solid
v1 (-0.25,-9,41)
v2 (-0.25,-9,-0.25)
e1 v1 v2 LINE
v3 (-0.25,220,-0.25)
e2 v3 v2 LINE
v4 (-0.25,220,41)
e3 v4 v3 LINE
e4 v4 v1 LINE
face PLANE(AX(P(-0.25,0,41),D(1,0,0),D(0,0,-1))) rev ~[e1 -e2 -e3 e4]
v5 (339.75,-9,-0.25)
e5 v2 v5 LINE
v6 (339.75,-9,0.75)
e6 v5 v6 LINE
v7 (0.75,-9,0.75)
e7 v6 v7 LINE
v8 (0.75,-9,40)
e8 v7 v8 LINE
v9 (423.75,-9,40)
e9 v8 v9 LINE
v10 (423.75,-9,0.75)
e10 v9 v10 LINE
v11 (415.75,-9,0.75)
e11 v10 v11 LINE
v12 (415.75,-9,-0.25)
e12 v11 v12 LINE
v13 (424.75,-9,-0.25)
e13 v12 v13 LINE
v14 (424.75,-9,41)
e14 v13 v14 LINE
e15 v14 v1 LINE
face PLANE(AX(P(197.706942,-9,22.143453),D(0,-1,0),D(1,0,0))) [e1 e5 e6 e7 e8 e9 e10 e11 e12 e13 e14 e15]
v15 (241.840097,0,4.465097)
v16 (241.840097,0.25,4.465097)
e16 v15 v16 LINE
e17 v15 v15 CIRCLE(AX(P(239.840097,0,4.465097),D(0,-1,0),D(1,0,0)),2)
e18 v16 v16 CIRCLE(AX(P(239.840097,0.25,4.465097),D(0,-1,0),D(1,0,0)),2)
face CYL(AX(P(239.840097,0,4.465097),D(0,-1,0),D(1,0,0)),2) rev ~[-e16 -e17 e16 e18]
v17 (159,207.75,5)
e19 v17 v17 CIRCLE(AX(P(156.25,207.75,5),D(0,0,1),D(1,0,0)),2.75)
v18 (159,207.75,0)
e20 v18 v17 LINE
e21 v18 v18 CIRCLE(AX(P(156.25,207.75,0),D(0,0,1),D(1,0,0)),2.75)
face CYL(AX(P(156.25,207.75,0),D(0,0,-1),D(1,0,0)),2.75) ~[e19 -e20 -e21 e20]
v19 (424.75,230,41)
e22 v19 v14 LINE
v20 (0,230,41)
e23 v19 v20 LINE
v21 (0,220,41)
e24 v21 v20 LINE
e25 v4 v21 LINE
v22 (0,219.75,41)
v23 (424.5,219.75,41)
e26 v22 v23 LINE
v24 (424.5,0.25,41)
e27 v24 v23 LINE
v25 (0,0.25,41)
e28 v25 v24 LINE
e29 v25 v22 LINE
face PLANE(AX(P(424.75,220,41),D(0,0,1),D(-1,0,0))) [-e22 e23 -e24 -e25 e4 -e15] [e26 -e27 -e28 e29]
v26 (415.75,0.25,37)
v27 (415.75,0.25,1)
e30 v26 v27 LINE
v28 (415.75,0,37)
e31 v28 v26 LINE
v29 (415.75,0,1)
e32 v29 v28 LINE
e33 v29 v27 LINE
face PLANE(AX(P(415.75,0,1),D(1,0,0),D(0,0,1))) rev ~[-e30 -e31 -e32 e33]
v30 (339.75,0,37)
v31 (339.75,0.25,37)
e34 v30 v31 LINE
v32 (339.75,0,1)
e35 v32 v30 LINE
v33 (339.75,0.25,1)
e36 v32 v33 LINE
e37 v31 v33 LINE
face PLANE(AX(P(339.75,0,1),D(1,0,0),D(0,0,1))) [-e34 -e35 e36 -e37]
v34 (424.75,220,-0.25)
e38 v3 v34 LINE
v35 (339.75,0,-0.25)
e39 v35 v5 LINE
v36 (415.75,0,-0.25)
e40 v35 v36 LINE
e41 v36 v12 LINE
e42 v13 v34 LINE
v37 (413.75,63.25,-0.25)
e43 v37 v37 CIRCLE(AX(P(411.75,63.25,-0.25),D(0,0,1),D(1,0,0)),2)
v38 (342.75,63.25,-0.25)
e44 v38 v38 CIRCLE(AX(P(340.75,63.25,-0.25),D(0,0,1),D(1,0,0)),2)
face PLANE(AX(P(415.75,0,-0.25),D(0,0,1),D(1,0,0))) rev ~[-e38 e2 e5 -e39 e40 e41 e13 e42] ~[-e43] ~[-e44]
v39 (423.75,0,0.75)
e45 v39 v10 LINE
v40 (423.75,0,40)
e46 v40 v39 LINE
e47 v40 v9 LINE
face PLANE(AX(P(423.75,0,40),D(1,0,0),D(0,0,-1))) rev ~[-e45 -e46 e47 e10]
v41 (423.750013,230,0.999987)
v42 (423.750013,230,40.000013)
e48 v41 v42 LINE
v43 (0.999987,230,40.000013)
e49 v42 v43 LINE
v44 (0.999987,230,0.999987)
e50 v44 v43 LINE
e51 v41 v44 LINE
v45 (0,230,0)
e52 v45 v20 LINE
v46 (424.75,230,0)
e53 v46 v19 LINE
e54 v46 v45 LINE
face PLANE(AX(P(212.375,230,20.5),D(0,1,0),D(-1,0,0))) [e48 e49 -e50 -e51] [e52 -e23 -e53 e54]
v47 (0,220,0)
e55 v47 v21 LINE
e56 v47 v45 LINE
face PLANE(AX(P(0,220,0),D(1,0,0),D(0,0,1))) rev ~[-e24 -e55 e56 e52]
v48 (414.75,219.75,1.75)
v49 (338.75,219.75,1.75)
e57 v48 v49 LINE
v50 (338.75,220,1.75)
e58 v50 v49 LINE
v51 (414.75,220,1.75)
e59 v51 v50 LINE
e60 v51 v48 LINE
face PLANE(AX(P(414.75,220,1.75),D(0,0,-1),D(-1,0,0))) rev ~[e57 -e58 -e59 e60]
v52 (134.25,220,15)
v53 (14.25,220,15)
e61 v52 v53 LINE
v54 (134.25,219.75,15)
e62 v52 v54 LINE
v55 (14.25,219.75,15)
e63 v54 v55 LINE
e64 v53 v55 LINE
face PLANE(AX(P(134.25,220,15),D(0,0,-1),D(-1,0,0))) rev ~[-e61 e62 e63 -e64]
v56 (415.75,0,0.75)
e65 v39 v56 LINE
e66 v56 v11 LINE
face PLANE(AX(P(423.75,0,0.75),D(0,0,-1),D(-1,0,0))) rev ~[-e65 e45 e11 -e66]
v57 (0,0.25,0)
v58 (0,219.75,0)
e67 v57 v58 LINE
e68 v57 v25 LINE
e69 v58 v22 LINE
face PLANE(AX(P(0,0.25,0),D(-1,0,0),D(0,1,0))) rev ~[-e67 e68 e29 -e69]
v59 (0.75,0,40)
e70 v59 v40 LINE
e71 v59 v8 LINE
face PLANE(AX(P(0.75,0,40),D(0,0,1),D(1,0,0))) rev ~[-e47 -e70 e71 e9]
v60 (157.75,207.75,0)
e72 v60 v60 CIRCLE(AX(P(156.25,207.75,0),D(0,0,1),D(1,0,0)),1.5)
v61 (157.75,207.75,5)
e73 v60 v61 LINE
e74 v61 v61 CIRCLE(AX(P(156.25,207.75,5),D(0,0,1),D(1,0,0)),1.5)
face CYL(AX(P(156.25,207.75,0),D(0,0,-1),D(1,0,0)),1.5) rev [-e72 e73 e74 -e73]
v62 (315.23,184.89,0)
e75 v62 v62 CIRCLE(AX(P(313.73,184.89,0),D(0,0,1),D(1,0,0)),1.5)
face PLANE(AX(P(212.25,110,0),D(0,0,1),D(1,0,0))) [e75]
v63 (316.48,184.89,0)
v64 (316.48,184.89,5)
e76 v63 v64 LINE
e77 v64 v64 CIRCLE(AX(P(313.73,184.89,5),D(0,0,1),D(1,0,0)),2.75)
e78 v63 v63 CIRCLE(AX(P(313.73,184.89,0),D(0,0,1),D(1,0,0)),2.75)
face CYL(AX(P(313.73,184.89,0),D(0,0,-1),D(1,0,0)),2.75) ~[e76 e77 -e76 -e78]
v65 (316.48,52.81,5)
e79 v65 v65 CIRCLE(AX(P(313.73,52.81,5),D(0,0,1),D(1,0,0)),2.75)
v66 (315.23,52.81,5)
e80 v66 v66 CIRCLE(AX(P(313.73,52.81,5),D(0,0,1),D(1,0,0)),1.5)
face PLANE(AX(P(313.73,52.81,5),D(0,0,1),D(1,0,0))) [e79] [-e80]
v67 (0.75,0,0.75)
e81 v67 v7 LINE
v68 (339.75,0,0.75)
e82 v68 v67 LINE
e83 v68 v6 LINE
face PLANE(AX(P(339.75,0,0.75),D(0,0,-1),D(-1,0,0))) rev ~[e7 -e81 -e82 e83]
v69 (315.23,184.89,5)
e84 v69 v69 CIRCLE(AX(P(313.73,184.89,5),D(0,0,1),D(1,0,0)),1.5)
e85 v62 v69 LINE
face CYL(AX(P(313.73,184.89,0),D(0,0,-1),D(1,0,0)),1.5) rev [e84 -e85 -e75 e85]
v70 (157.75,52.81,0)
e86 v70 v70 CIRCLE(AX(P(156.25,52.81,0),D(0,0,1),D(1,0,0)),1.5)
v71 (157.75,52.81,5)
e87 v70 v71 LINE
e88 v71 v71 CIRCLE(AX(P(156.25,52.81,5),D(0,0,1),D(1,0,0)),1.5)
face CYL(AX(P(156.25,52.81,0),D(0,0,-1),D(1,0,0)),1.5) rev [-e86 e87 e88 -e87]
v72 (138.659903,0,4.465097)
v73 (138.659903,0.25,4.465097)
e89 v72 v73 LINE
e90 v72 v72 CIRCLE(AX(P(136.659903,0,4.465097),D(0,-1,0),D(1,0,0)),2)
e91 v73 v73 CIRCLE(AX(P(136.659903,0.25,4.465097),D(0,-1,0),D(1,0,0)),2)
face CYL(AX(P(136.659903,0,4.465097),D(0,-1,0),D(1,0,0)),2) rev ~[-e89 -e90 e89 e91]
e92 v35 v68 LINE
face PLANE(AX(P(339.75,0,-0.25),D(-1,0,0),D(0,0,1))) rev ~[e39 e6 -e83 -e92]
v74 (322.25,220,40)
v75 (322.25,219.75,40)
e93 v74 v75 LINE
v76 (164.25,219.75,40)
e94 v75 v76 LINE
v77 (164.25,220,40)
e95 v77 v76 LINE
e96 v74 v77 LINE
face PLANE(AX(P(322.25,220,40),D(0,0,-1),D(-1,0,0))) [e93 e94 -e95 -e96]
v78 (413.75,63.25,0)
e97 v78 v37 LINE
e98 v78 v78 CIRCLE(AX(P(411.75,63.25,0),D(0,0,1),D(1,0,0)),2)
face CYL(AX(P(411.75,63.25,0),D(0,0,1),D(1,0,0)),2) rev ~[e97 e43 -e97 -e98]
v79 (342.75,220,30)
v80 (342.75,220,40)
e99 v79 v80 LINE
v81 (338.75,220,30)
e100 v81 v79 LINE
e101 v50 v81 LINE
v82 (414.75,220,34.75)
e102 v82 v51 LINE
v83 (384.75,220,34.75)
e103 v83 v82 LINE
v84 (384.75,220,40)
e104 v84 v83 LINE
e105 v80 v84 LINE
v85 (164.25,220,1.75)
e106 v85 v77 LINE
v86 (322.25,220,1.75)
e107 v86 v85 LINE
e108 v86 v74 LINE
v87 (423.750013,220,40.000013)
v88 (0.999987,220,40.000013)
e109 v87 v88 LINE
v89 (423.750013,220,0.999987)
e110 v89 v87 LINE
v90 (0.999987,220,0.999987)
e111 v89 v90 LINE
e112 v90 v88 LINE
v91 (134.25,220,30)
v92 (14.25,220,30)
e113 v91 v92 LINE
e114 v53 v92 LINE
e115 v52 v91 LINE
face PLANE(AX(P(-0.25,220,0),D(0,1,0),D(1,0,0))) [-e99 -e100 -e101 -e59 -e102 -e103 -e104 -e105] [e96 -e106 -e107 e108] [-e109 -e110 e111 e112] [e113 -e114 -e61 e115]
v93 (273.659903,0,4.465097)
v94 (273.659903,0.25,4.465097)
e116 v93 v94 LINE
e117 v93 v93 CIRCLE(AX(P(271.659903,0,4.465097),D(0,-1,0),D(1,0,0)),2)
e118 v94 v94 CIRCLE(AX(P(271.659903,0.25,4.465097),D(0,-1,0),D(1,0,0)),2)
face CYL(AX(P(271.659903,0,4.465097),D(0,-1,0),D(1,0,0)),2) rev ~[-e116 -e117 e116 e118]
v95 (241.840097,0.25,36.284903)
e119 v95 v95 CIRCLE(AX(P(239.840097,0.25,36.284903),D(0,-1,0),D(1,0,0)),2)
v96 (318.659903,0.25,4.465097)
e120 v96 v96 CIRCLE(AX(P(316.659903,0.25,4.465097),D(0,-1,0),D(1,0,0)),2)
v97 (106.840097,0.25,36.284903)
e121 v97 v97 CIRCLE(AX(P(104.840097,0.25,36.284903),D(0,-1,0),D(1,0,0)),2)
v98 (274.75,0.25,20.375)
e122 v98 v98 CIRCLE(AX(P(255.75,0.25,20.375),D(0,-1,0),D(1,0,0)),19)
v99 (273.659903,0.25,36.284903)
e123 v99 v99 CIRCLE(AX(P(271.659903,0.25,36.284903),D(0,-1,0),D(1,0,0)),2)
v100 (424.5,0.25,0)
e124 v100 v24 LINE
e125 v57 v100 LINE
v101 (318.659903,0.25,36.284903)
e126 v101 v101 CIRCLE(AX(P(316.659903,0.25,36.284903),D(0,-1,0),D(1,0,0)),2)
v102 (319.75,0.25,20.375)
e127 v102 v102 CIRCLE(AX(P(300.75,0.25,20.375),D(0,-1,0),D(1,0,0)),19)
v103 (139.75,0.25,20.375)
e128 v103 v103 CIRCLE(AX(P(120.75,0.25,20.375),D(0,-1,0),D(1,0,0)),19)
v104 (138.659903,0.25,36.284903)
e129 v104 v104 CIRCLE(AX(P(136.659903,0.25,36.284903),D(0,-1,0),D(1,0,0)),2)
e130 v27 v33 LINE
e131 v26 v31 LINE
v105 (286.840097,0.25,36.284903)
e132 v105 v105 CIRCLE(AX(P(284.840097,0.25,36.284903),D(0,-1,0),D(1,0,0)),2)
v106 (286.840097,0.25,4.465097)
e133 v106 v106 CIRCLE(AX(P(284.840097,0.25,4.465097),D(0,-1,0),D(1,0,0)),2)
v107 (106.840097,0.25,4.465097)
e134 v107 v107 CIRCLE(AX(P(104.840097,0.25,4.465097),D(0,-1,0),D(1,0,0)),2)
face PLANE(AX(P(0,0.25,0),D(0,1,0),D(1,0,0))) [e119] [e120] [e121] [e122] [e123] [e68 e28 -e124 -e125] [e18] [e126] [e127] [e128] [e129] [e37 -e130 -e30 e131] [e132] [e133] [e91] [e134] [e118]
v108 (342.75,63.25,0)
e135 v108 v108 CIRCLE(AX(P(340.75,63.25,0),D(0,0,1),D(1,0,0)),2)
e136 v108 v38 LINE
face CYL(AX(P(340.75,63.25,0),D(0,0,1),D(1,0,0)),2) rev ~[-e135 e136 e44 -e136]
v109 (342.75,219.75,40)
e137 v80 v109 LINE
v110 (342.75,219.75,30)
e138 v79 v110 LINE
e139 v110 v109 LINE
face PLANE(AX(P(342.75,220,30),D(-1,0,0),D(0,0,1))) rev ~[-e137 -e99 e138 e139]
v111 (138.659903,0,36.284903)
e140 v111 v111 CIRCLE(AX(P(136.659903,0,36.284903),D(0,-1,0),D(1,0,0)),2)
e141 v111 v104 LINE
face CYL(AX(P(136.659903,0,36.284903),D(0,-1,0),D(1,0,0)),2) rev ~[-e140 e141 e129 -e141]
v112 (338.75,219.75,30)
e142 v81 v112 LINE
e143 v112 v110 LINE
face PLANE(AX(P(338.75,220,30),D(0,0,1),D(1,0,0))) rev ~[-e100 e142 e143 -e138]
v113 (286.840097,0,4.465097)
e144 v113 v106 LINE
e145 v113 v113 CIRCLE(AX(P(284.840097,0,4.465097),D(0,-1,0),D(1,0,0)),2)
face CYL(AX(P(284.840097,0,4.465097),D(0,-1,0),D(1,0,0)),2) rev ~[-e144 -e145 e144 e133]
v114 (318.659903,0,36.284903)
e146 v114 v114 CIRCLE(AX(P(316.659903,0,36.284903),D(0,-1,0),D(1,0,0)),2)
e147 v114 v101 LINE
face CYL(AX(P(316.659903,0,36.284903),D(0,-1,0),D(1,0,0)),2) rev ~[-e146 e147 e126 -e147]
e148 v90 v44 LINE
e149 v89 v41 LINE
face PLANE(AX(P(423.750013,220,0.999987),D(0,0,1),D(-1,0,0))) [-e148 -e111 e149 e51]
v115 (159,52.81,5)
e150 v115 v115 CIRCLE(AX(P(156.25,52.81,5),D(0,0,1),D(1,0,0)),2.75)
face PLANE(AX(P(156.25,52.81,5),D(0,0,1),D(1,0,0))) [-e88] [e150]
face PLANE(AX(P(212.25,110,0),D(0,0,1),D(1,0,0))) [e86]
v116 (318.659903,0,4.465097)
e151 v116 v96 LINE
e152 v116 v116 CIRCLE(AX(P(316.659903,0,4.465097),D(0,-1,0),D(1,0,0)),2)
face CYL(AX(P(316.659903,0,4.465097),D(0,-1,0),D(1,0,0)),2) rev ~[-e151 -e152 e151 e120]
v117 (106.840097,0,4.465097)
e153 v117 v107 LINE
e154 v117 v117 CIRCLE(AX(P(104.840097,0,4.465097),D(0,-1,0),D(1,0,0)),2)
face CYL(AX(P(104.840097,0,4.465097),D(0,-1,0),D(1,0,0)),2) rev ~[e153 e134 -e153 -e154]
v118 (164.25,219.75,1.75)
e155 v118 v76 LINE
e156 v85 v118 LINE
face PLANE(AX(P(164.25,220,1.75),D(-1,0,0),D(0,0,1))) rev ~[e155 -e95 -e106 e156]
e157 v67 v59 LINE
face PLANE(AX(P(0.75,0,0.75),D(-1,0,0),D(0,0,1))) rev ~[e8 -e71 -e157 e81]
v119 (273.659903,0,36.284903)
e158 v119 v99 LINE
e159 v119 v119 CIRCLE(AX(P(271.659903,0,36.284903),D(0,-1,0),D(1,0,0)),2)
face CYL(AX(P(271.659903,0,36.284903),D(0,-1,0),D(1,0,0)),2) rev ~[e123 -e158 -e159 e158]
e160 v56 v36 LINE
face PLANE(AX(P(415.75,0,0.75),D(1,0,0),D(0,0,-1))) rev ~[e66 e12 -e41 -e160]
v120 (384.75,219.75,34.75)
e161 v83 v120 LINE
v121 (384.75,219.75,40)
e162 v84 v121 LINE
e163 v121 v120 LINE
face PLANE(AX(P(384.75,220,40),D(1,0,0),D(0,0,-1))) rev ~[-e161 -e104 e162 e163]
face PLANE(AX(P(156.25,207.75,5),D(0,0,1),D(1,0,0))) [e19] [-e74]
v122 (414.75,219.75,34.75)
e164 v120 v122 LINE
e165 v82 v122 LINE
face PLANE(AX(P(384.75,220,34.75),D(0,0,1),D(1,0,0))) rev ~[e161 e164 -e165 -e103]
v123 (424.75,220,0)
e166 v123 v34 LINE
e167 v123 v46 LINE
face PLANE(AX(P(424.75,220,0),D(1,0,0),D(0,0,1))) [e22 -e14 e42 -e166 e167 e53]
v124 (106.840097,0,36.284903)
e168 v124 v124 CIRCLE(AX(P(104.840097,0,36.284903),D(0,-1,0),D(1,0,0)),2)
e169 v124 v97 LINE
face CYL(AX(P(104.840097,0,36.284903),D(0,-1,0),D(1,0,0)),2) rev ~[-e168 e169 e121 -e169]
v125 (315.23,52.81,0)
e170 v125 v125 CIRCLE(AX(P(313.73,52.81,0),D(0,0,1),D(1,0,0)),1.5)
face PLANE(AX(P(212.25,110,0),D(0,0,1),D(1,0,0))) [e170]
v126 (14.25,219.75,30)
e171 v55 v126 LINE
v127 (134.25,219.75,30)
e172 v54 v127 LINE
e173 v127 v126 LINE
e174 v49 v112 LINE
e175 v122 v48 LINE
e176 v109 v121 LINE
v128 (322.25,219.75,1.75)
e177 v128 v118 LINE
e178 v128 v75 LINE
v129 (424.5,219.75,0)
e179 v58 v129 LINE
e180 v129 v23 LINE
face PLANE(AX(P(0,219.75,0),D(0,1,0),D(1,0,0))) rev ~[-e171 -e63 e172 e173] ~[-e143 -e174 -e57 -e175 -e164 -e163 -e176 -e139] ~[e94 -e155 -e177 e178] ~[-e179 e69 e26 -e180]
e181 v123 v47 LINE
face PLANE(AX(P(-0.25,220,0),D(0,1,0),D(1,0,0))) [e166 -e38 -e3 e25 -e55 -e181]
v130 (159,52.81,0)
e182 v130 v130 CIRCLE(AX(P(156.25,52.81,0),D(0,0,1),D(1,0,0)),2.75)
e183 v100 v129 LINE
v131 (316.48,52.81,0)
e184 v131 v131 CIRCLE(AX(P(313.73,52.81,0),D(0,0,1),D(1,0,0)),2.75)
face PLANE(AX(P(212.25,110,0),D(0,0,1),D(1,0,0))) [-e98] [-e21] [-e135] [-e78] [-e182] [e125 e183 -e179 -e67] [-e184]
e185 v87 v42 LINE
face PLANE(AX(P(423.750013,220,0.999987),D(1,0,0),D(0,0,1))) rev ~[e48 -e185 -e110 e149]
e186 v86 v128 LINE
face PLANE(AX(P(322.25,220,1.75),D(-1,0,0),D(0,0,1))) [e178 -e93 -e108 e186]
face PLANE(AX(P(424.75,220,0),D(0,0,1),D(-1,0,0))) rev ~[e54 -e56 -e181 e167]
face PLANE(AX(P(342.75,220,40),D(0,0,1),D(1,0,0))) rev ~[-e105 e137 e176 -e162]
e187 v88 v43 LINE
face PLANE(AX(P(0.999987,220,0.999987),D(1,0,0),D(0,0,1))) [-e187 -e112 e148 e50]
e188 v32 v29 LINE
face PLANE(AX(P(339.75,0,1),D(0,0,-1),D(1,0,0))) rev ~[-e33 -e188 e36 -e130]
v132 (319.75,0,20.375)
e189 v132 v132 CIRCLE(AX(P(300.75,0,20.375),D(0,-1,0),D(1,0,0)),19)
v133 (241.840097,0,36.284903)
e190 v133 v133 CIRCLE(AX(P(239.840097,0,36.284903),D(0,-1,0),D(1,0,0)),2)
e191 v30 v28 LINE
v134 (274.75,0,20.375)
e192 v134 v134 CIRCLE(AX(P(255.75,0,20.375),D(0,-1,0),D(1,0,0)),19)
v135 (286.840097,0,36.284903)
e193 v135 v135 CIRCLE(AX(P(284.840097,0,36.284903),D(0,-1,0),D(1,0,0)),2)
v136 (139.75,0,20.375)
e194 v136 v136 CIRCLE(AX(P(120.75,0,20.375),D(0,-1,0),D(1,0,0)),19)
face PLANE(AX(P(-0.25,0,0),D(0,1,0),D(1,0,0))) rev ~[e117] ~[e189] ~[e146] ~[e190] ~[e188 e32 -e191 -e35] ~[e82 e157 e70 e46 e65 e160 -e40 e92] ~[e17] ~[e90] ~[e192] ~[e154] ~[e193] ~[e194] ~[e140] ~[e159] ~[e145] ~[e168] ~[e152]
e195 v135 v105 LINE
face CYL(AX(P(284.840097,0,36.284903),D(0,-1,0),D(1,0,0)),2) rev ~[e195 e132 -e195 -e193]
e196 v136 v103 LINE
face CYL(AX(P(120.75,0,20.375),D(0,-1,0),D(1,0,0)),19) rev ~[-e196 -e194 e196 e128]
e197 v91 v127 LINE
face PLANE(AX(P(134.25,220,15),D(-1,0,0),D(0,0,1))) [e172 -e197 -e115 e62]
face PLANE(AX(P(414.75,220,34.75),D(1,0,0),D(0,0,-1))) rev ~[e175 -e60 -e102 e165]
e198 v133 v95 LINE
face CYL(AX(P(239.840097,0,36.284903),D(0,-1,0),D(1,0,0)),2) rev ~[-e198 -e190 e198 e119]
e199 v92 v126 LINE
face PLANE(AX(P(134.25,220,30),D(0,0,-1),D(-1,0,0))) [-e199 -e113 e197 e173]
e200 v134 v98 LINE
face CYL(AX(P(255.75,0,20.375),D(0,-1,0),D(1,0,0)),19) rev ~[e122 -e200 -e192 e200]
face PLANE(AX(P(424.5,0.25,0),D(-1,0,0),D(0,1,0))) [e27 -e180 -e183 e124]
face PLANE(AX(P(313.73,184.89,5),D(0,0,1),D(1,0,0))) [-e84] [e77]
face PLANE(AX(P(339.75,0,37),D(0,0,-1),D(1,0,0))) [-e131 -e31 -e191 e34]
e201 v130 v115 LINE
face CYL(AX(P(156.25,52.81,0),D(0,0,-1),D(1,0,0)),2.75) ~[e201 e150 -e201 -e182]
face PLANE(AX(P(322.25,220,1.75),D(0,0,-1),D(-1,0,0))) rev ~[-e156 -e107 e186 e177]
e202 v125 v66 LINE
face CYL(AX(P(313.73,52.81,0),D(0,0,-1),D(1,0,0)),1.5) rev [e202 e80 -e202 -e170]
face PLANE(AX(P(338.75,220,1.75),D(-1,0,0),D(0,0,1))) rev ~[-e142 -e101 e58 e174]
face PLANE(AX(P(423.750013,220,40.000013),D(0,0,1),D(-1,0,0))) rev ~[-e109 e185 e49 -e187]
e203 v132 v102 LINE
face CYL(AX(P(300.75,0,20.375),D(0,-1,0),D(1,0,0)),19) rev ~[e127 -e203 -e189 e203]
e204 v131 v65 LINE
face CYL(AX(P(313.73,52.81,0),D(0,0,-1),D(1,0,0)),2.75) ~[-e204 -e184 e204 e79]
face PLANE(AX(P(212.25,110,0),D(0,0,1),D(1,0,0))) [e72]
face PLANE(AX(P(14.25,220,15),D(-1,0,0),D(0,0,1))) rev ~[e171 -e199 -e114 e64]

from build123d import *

# Parameters (mm, degrees)
F0_W      = 425
F0_H      = 220
F0_W_2    = 424.5
F0_H_2    = 219.5
F1_DEPTH  = 0.25
F2_DEPTH  = 41
F3_R      = 19
F3_W      = 76
F3_H      = 36
F3_R_2    = 2
F5_DEPTH  = 1
F4_W      = 158
F4_H      = 38.25
F4_W_2    = 120
F4_H_2    = 15
F6_DEPTH  = 1
F8_DEPTH  = 9
F9_R      = 2.75
F9_R_2    = 1.5
F10_DEPTH = 5
F11_W     = 424.75
F11_H     = 41
F11_W_2   = 422.750026226
F11_H_2   = 39.000026226
F12_DEPTH = 10
F13_R     = 2
F14_DEPTH = 0.25


with BuildPart() as f1:
    # F0 (on Top) → F1 (new body)
    with BuildSketch(Plane.XY):
        with Locations((212.25, 110)):
            Rectangle(F0_W, F0_H)
        with Locations((212.25, 110)):
            Rectangle(F0_W_2, F0_H_2, mode=Mode.SUBTRACT)
        with Locations((212.25, 110)):
            Rectangle(F0_W_2, F0_H_2)
    extrude(amount=-F1_DEPTH)

    # F0 (on Top) → F2 (join)
    with BuildSketch(Plane.XY):
        with Locations((212.25, 110)):
            Rectangle(F0_W, F0_H)
        with Locations((212.25, 110)):
            Rectangle(F0_W_2, F0_H_2, mode=Mode.SUBTRACT)
    extrude(amount=F2_DEPTH)

    # F3 (on face) → F5 (cut)
    with BuildSketch(Plane.XZ):
        with Locations((120.75, 20.375)):
            Circle(F3_R)
        with Locations((255.75, 20.375)):
            Circle(F3_R)
        with Locations((300.75, 20.375)):
            Circle(F3_R)
        with Locations((377.75, 19)):
            Rectangle(F3_W, F3_H)
        with Locations((104.8400974233, 36.2849025767)):
            Circle(F3_R_2)
        with Locations((104.8400974233, 4.4650974233)):
            Circle(F3_R_2)
        with Locations((271.6599025767, 36.2849025767)):
            Circle(F3_R_2)
        with Locations((271.6599025767, 4.4650974233)):
            Circle(F3_R_2)
        with Locations((136.6599025767, 36.2849025767)):
            Circle(F3_R_2)
        with Locations((136.6599025767, 4.4650974233)):
            Circle(F3_R_2)
        with Locations((239.8400974233, 36.2849025767)):
            Circle(F3_R_2)
        with Locations((239.8400974233, 4.4650974233)):
            Circle(F3_R_2)
        with Locations((284.8400974233, 36.2849025767)):
            Circle(F3_R_2)
        with Locations((284.8400974233, 4.4650974233)):
            Circle(F3_R_2)
        with Locations((316.6599025767, 36.2849025767)):
            Circle(F3_R_2)
        with Locations((316.6599025767, 4.4650974233)):
            Circle(F3_R_2)
    extrude(amount=-F5_DEPTH, mode=Mode.SUBTRACT)

    # F4 (on face) → F6 (cut)
    with BuildSketch(Plane(origin=(0, 220, 0), x_dir=(-1, 0, 0), z_dir=(0, 1, 0))):
        Polygon((-384.75, 34.75), (-414.75, 34.75), (-414.75, 1.75), (-338.75, 1.75), (-338.75, 30), (-342.75, 30), (-342.75, 40), (-384.75, 40), align=None)
        with Locations((-243.25, 20.875)):
            Rectangle(F4_W, F4_H)
        with Locations((-74.25, 22.5)):
            Rectangle(F4_W_2, F4_H_2)
    extrude(amount=-F6_DEPTH, mode=Mode.SUBTRACT)

    # F7 (on face) → F8 (join)
    with BuildSketch(Plane.XZ):
        Polygon((424.75, 41), (-0.25, 41), (-0.25, -0.25), (339.75, -0.25), (339.75, 0.7500000065), (0.7500000065, 0.7500000065), (0.7500000065, 39.9999999935), (423.7499999935, 39.9999999935), (423.7499999935, 0.7500000065), (415.75, 0.7500000065), (415.75, -0.25), (424.75, -0.25), align=None)
    extrude(amount=F8_DEPTH)

    # F9 (on face) → F10 (join)
    with BuildSketch(Plane.XY):
        with Locations((156.25, 207.75)):
            Circle(F9_R)
        with Locations((156.25, 207.75)):
            Circle(F9_R_2, mode=Mode.SUBTRACT)
        with Locations((313.73, 184.89)):
            Circle(F9_R)
        with Locations((313.73, 184.89)):
            Circle(F9_R_2, mode=Mode.SUBTRACT)
        with Locations((156.25, 52.81)):
            Circle(F9_R)
        with Locations((156.25, 52.81)):
            Circle(F9_R_2, mode=Mode.SUBTRACT)
        with Locations((313.73, 52.81)):
            Circle(F9_R)
        with Locations((313.73, 52.81)):
            Circle(F9_R_2, mode=Mode.SUBTRACT)
    extrude(amount=F10_DEPTH)

    # F11 (on face) → F12 (join)
    with BuildSketch(Plane(origin=(0, 220, 0), x_dir=(-1, 0, 0), z_dir=(0, 1, 0))):
        with Locations((-212.375, 20.5)):
            Rectangle(F11_W, F11_H)
        with Locations((-212.375, 20.5)):
            Rectangle(F11_W_2, F11_H_2, mode=Mode.SUBTRACT)
    extrude(amount=F12_DEPTH)

    # F13 (on face) → F14 (cut, through all)
    with BuildSketch(Plane.XY):
        with Locations((340.75, 63.25)):
            Circle(F13_R)
        with Locations((411.75, 63.25)):
            Circle(F13_R)
    extrude(amount=-F14_DEPTH, mode=Mode.SUBTRACT)


solid = f1.part
